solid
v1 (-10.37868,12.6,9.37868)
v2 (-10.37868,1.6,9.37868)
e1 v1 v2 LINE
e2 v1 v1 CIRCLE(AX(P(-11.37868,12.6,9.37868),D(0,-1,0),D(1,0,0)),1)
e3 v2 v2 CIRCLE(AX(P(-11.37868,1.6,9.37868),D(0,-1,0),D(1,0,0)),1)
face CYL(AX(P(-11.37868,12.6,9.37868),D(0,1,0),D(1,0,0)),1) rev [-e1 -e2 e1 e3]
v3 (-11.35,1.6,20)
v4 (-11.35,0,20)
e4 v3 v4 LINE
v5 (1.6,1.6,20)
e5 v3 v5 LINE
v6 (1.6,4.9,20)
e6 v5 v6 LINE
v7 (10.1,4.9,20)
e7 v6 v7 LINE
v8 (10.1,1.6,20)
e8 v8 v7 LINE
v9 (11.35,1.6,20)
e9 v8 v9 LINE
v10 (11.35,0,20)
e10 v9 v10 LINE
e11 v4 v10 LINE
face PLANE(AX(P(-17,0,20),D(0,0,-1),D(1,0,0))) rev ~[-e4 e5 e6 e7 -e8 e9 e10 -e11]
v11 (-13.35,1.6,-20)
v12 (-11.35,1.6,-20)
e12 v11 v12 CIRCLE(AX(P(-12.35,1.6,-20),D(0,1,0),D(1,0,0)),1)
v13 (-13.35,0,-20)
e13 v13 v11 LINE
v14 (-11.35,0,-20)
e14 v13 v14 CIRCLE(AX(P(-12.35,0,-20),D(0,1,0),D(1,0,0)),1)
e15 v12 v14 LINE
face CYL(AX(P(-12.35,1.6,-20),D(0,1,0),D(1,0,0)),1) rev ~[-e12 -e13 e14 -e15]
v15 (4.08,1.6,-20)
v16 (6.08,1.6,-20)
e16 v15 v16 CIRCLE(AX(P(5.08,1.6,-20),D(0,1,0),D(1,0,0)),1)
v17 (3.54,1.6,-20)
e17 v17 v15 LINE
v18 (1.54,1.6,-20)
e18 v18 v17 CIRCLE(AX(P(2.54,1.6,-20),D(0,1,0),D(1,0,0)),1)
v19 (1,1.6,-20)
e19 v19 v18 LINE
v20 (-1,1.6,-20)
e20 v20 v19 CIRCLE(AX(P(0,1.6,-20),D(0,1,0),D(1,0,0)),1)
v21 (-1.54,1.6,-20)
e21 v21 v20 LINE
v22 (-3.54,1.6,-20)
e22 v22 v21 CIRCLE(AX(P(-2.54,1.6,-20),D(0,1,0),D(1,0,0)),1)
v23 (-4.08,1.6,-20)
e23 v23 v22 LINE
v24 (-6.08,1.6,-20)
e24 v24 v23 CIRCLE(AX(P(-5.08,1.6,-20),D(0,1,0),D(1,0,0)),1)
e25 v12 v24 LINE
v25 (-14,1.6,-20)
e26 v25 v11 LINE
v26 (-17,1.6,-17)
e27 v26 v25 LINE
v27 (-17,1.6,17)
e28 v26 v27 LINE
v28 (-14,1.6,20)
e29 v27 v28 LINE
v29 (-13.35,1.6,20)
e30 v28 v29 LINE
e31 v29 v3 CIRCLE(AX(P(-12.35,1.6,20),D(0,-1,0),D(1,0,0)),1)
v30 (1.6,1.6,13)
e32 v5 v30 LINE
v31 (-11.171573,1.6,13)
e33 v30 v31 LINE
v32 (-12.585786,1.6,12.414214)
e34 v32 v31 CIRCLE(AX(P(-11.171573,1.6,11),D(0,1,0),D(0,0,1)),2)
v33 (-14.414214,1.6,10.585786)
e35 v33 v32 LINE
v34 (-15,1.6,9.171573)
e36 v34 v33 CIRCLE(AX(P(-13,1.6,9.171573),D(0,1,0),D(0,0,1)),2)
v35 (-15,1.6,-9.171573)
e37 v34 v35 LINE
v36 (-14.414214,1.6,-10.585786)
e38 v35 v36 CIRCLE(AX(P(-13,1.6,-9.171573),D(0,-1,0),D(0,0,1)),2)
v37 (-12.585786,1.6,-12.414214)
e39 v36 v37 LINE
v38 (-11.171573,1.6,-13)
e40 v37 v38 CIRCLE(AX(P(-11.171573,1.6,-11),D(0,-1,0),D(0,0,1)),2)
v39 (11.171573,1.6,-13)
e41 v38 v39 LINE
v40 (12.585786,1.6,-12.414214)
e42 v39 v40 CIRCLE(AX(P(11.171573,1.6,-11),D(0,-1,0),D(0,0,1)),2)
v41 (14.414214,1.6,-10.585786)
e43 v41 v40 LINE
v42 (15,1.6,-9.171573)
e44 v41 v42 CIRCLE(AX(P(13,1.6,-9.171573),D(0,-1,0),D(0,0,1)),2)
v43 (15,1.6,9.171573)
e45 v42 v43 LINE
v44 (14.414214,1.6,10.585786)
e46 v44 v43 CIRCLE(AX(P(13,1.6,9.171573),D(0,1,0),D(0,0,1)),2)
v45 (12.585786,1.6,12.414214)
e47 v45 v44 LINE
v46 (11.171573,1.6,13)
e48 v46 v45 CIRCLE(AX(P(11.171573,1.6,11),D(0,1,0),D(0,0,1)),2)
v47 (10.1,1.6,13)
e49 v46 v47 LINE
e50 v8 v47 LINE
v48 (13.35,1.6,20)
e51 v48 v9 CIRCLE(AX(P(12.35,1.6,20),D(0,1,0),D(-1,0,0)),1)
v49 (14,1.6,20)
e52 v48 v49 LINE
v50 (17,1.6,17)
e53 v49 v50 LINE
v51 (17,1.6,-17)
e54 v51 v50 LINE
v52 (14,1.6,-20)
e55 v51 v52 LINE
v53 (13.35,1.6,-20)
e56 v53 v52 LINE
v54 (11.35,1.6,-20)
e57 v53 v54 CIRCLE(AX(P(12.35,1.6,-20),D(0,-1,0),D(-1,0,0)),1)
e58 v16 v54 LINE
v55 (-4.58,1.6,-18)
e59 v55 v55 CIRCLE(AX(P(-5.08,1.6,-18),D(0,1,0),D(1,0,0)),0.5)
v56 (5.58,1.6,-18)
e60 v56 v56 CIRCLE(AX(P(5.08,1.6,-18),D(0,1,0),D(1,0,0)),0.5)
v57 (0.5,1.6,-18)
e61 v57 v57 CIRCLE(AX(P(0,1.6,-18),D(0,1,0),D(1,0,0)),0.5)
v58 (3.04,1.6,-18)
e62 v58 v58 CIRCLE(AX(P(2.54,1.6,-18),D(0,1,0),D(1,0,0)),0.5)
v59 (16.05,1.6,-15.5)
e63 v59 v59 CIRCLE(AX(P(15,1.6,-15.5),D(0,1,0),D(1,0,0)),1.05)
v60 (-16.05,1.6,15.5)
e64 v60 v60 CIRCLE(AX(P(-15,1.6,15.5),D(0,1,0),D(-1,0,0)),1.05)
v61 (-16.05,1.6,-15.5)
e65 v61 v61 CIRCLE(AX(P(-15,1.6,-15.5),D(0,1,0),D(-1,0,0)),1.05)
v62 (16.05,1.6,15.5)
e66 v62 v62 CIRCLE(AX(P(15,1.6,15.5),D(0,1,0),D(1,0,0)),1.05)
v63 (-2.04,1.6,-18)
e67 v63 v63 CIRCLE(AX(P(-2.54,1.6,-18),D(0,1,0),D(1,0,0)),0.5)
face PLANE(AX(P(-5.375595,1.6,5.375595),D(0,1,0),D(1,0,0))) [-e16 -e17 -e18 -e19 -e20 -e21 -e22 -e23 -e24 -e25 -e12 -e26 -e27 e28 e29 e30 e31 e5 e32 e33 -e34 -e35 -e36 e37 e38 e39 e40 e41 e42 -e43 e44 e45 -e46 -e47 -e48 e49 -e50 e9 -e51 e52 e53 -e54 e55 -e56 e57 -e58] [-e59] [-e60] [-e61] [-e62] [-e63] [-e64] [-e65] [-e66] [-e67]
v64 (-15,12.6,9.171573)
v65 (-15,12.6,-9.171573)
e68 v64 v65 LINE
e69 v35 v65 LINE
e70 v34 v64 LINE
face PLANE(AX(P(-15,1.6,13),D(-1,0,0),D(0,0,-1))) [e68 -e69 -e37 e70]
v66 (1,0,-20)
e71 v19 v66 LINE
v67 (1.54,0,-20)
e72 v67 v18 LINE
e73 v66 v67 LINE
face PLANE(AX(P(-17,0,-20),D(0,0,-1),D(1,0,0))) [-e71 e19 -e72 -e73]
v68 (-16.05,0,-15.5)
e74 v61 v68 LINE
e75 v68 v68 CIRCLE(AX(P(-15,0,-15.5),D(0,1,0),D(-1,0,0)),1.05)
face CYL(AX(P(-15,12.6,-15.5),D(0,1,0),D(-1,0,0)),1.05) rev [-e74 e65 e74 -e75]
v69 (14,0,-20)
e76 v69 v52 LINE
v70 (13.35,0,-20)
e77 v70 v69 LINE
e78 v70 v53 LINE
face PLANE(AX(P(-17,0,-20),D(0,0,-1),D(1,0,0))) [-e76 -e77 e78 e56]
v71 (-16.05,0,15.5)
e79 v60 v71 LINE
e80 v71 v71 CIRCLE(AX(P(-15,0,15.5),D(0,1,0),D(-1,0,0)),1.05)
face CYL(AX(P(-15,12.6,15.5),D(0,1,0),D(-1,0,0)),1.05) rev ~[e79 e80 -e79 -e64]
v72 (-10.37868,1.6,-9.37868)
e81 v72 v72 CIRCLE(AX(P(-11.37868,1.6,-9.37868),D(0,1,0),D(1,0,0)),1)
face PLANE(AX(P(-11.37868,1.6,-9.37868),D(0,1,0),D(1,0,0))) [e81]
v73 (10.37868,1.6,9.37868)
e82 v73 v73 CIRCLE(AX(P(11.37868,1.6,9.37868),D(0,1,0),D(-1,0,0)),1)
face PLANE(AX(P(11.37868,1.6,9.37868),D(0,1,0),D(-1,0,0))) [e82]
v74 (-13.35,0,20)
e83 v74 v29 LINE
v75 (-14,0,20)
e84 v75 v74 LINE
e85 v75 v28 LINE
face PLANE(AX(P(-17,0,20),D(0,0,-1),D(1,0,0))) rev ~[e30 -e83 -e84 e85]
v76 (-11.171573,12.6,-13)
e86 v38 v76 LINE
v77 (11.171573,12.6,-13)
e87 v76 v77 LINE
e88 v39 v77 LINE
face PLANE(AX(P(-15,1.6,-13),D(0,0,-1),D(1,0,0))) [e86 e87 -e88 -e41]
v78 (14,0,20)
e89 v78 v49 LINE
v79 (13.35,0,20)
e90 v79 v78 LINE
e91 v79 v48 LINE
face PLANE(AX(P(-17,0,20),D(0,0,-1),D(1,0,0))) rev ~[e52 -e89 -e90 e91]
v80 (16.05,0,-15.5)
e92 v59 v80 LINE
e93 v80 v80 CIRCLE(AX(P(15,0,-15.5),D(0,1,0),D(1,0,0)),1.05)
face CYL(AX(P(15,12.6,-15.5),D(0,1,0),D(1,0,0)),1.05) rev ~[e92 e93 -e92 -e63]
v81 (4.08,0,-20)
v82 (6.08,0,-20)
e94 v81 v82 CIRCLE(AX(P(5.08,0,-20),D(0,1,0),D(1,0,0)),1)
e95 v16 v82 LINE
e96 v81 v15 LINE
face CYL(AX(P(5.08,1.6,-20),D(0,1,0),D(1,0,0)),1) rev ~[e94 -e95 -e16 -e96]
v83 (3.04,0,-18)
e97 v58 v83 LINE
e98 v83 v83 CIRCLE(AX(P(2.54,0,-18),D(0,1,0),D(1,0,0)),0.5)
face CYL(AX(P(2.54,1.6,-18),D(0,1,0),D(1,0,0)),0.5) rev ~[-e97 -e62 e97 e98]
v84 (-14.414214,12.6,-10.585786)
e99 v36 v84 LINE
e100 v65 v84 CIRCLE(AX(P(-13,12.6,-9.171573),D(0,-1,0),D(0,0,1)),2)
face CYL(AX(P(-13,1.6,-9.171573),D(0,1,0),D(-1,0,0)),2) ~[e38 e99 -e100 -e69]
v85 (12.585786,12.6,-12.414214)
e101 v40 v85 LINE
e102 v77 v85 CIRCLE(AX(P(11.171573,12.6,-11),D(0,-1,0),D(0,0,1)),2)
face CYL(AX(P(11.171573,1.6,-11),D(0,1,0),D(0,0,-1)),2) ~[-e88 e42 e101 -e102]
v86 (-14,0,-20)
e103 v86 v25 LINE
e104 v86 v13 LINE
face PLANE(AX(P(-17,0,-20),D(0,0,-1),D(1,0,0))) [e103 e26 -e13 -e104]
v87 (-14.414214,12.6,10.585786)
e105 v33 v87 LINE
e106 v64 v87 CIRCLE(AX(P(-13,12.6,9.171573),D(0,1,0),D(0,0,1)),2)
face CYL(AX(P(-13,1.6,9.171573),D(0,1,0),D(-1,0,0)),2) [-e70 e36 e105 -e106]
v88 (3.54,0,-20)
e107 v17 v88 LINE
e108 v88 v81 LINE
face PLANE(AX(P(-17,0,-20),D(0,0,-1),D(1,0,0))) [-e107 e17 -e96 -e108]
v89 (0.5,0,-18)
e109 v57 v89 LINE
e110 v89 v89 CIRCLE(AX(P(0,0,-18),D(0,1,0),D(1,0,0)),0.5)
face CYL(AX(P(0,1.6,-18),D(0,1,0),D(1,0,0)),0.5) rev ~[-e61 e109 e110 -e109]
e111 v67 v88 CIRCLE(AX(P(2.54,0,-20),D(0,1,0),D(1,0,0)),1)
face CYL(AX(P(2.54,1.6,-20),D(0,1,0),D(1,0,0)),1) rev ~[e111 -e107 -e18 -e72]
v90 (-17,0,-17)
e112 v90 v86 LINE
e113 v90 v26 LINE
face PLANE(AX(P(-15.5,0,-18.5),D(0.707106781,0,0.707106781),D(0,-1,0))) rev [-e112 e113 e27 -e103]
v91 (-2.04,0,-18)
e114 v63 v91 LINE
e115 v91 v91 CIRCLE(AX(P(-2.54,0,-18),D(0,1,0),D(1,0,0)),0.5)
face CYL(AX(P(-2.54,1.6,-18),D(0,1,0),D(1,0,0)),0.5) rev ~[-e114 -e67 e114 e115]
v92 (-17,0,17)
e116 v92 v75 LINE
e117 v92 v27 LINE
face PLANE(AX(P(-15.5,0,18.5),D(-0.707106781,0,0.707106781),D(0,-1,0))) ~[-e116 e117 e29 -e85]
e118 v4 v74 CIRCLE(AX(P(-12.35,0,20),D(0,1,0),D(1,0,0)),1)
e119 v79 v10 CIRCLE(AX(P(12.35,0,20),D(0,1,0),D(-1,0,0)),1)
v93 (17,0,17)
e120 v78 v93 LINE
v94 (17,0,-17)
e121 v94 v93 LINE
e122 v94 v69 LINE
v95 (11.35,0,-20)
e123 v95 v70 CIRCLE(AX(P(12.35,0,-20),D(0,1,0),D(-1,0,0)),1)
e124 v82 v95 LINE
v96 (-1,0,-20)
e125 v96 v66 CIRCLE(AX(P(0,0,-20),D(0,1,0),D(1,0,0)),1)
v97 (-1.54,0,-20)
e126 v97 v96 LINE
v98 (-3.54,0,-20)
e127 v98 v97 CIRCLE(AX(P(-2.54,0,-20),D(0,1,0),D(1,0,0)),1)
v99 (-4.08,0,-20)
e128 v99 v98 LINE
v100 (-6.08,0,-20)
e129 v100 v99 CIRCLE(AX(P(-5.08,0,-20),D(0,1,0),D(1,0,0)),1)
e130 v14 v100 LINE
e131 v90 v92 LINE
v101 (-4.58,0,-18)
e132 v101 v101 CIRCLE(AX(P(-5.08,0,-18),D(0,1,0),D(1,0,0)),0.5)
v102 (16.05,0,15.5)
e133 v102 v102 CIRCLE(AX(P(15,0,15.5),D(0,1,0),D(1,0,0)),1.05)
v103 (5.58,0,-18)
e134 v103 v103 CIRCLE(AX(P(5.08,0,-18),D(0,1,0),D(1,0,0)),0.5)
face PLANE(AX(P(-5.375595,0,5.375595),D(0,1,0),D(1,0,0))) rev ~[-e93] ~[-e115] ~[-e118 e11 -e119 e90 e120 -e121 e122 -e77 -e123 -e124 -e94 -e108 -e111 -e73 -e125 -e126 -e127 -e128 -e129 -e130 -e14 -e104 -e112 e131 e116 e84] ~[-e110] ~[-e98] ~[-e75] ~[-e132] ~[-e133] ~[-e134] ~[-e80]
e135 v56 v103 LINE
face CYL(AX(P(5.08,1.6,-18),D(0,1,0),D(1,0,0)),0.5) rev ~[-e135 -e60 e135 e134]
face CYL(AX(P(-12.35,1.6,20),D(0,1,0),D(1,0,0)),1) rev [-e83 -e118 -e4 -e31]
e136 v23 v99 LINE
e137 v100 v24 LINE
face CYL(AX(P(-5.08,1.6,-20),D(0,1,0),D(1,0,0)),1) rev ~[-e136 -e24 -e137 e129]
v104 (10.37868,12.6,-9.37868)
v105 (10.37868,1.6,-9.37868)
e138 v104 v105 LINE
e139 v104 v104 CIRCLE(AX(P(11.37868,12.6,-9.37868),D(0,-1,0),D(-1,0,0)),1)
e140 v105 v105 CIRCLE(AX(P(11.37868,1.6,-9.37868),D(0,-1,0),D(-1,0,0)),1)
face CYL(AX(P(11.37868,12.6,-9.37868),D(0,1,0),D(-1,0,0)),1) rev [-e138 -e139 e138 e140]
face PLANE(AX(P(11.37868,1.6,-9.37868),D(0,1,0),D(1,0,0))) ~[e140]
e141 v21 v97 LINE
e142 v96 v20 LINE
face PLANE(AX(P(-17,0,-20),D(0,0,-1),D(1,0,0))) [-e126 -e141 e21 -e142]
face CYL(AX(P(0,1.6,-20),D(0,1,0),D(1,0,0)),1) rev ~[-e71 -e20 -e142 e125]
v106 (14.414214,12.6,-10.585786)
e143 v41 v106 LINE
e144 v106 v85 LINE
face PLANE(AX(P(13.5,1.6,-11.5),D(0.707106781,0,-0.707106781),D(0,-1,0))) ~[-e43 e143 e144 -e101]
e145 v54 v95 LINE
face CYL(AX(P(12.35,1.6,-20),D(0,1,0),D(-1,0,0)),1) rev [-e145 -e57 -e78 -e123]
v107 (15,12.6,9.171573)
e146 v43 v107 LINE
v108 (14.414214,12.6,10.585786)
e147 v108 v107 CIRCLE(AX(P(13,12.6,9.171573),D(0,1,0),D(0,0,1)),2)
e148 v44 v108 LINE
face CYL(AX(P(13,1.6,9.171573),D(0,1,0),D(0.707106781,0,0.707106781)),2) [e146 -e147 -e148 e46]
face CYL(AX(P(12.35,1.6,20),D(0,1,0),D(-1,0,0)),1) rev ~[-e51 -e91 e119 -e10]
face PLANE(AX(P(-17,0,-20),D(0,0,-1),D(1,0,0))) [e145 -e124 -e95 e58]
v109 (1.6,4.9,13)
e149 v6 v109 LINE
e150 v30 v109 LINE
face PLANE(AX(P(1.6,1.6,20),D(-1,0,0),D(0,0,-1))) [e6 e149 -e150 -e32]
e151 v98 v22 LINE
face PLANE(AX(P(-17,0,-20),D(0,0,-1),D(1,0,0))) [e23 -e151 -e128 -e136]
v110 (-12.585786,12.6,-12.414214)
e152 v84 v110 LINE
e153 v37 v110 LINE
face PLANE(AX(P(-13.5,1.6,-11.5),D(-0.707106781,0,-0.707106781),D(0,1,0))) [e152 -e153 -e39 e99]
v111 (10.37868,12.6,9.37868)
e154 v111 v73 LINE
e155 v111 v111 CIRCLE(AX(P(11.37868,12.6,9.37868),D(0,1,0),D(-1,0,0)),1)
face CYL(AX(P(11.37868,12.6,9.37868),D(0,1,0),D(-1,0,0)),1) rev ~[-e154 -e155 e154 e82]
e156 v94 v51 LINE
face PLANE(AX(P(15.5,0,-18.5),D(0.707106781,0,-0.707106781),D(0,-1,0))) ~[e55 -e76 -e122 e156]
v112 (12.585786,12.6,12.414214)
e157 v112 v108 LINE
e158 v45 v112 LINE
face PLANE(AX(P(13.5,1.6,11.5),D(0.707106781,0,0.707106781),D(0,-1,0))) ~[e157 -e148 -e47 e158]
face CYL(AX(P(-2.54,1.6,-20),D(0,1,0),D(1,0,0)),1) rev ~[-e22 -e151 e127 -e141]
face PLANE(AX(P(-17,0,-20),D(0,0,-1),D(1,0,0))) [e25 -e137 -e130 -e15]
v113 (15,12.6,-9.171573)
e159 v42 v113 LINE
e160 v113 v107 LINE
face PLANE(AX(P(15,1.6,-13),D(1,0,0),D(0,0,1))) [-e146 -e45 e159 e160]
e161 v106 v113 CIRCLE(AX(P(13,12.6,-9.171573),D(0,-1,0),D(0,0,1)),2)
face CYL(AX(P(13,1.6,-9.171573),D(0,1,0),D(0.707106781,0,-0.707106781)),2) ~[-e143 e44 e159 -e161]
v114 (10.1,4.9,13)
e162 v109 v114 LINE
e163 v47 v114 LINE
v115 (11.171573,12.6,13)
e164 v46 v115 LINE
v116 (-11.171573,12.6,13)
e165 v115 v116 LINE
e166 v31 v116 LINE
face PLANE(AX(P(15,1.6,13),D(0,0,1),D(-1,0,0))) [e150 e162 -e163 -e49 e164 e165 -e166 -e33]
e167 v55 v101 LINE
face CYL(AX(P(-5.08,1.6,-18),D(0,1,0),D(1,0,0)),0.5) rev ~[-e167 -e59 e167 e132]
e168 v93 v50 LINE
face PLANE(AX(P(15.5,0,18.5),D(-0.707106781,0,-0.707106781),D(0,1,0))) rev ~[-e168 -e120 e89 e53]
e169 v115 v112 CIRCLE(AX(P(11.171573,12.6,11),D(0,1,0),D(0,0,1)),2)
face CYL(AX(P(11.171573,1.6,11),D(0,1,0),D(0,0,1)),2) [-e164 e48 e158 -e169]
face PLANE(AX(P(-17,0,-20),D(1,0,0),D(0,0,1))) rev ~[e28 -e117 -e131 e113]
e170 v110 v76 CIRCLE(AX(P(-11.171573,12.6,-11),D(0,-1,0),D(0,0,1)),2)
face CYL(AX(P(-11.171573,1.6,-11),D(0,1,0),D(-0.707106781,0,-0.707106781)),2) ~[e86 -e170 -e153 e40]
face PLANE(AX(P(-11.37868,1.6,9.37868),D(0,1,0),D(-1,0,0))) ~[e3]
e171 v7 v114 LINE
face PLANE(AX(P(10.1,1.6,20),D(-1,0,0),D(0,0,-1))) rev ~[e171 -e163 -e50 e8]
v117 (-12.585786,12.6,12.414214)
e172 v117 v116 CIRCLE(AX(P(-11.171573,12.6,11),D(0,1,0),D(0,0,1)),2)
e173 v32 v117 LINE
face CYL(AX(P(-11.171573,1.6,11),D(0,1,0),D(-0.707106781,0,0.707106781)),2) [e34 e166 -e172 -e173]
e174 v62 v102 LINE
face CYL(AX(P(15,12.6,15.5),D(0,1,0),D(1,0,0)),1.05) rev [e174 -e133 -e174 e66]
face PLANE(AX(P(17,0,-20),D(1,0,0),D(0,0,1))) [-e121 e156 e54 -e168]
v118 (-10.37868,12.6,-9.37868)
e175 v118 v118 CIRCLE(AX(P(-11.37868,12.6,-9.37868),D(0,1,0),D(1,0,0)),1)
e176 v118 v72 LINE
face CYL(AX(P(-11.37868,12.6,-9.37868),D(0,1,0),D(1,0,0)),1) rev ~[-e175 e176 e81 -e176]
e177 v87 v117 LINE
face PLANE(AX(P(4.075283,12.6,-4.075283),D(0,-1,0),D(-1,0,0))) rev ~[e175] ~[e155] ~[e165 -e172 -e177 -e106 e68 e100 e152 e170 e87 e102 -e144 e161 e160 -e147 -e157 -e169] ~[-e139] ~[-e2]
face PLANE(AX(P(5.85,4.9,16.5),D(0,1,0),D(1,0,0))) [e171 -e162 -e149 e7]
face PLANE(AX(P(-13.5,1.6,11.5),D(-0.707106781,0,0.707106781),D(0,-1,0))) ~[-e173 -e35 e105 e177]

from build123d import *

# Parameters (mm, degrees)
BOSS_EXTRUDE1_DEPTH                        = 1.6
CHAMFER1_SIZE                              = 3
BOSS_EXTRUDE2_DEPTH                        = 11
CHAMFER2_SIZE                              = 3
FILLET1_R                                  = 2
SKETCH3_R                                  = 1
CUT_EXTRUDE1_DEPTH                         = 11
SKETCH4_R                                  = 1.05
CUT_EXTRUDE2_DEPTH                         = 13.6
SKETCH5_R                                  = 1
CUT_EXTRUDE3_DEPTH                         = 2.6
MIRROR1_AT_THE_SECOND_PLANE_COPY_1_SKETC_R = 1
MIRROR1_AT_THE_SECOND_PLANE_COPY_1_DEPTH   = 11
MIRROR1_AT_THE_SECOND_PLANE_COPY_2_SKETC_R = 1.05
MIRROR1_AT_THE_SECOND_PLANE_COPY_2_DEPTH   = 13.6
MIRROR1_AT_THE_SECOND_PLANE_COPY_3_SKETC_R = 1
MIRROR1_AT_THE_SECOND_PLANE_COPY_3_DEPTH   = 2.6
SKETCH6_W                                  = 8.5
SKETCH6_H                                  = 7
BOSS_EXTRUDE3_DEPTH                        = 3.3
SKETCH7_R                                  = 0.5
SKETCH7_R_2                                = 1
CUT_EXTRUDE4_DEPTH                         = 2.6
LPATTERN1_COUNT                            = 3
LPATTERN1_PITCH                            = 2.54
LPATTERN1_COL_COUNT                        = 3
LPATTERN1_COL_PITCH                        = 2.54


with BuildPart() as part:
    # Sketch1 → Boss-Extrude1 (new body)
    with BuildSketch(Plane(origin=(0, 0, 0), x_dir=(1, 0, 0), z_dir=(0, 1, 0))):
        Polygon((-17, 20), (-17, -20), (17, -20), align=None)
        Polygon((17, 20), (17, -20), (-17, 20), align=None)
    extrude(amount=BOSS_EXTRUDE1_DEPTH)

    # Chamfer1
    chamfer1_edges = [part.edges().sort_by_distance(p)[0] for p in [
        (-17, 0.8, -20),
        (17, 0.8, -20),
        (17, 0.8, 20),
        (-17, 0.8, 20),
    ]]
    chamfer(chamfer1_edges, length=CHAMFER1_SIZE)

    # Sketch2 → Boss-Extrude2 (add)
    with BuildSketch(Plane(origin=(0, 1.6, 0), x_dir=(1, 0, 0), z_dir=(0, 1, 0))):
        Polygon((-15, 13), (15, 13), (15, -13), align=None)
        Polygon((-15, 13), (15, -13), (-15, -13), align=None)
    extrude(amount=BOSS_EXTRUDE2_DEPTH)

    # Chamfer2
    chamfer2_edges = [part.edges().sort_by_distance(p)[0] for p in [
        (15, 7.1, -13),
        (-15, 7.1, -13),
        (-15, 7.1, 13),
        (15, 7.1, 13),
    ]]
    chamfer(chamfer2_edges, length=CHAMFER2_SIZE)

    # Fillet1
    fillet1_edges = [part.edges().sort_by_distance(p)[0] for p in [
        (-15, 7.1, 10),
        (-15, 7.1, -10),
        (12, 7.1, -13),
        (-12, 7.1, -13),
        (15, 7.1, 10),
        (15, 7.1, -10),
        (-12, 7.1, 13),
        (12, 7.1, 13),
    ]]
    fillet(fillet1_edges, radius=FILLET1_R)

    # Sketch3 → Cut-Extrude1 (cut)
    with BuildSketch(Plane(origin=(0, 12.6, 0), x_dir=(1, 0, 0), z_dir=(0, 1, 0))):
        with Locations((-11.378679656, 9.378679656)):
            Circle(SKETCH3_R)
    cut_extrude1 = extrude(amount=-CUT_EXTRUDE1_DEPTH, mode=Mode.SUBTRACT)

    # Sketch4 → Cut-Extrude2 (cut, through all)
    with BuildSketch(Plane(origin=(0, 12.6, 0), x_dir=(1, 0, 0), z_dir=(0, 1, 0))):
        with Locations((15, 15.5)):
            Circle(SKETCH4_R)
    cut_extrude2 = extrude(amount=-CUT_EXTRUDE2_DEPTH, mode=Mode.SUBTRACT)

    # Sketch5 → Cut-Extrude3 (cut, through all)
    with BuildSketch(Plane(origin=(0, 1.6, 0), x_dir=(1, 0, 0), z_dir=(0, 1, 0))):
        with Locations((-12.35, 20)):
            Circle(SKETCH5_R)
    cut_extrude3 = extrude(amount=-CUT_EXTRUDE3_DEPTH, mode=Mode.SUBTRACT)

    # Mirror1: Cut-Extrude1, Cut-Extrude2, Cut-Extrude3 across plane
    add(cut_extrude1.mirror(Plane.XY), mode=Mode.SUBTRACT)
    add(cut_extrude2.mirror(Plane.XY), mode=Mode.SUBTRACT)
    add(cut_extrude3.mirror(Plane.XY), mode=Mode.SUBTRACT)

    # Mirror1 at the second plane: Cut-Extrude3, Cut-Extrude1, Cut-Extrude2 across plane
    add(cut_extrude3.mirror(Plane(origin=(0, 0, 0), x_dir=(0, 0, 1), z_dir=(1, 0, 0))), mode=Mode.SUBTRACT)
    add(cut_extrude1.mirror(Plane(origin=(0, 0, 0), x_dir=(0, 0, 1), z_dir=(1, 0, 0))), mode=Mode.SUBTRACT)
    add(cut_extrude2.mirror(Plane(origin=(0, 0, 0), x_dir=(0, 0, 1), z_dir=(1, 0, 0))), mode=Mode.SUBTRACT)

    # Mirror1 at the second plane copy 1 sketc → Mirror1 at the second plane copy 1 (cut)
    with BuildSketch(Plane(origin=(0, 12.6, 0), x_dir=(-1, 0, 0), z_dir=(0, 1, 0))):
        with Locations((-11.378679656, 9.378679656)):
            Circle(MIRROR1_AT_THE_SECOND_PLANE_COPY_1_SKETC_R)
    extrude(amount=-MIRROR1_AT_THE_SECOND_PLANE_COPY_1_DEPTH, mode=Mode.SUBTRACT)

    # Mirror1 at the second plane copy 2 sketc → Mirror1 at the second plane copy 2 (cut, through all)
    with BuildSketch(Plane(origin=(0, 12.6, 0), x_dir=(-1, 0, 0), z_dir=(0, 1, 0))):
        with Locations((15, 15.5)):
            Circle(MIRROR1_AT_THE_SECOND_PLANE_COPY_2_SKETC_R)
    extrude(amount=-MIRROR1_AT_THE_SECOND_PLANE_COPY_2_DEPTH, mode=Mode.SUBTRACT)

    # Mirror1 at the second plane copy 3 sketc → Mirror1 at the second plane copy 3 (cut, through all)
    with BuildSketch(Plane(origin=(0, 1.6, 0), x_dir=(-1, 0, 0), z_dir=(0, 1, 0))):
        with Locations((-12.35, 20)):
            Circle(MIRROR1_AT_THE_SECOND_PLANE_COPY_3_SKETC_R)
    extrude(amount=-MIRROR1_AT_THE_SECOND_PLANE_COPY_3_DEPTH, mode=Mode.SUBTRACT)

    # Sketch6 → Boss-Extrude3 (add)
    with BuildSketch(Plane(origin=(0, 1.6, 0), x_dir=(1, 0, 0), z_dir=(0, 1, 0))):
        with Locations((5.85, -16.5)):
            Rectangle(SKETCH6_W, SKETCH6_H)
    extrude(amount=BOSS_EXTRUDE3_DEPTH)

    # Sketch7 → Cut-Extrude4 (cut, through all)
    with BuildSketch(Plane(origin=(0, 1.6, 0), x_dir=(1, 0, 0), z_dir=(0, 1, 0))):
        with Locations((0, 18)):
            Circle(SKETCH7_R)
        with Locations((0, 20)):
            Circle(SKETCH7_R_2)
    cut_extrude4 = extrude(amount=-CUT_EXTRUDE4_DEPTH, mode=Mode.SUBTRACT)

    # LPattern1: Cut-Extrude4 ×3
    with Locations(*[(i * LPATTERN1_PITCH, 0, 0) for i in range(1, LPATTERN1_COUNT)]):
        add(cut_extrude4, mode=Mode.SUBTRACT)

    # LPattern1 col: Cut-Extrude4 ×3
    with Locations(*[(-i * LPATTERN1_COL_PITCH, 0, 0) for i in range(1, LPATTERN1_COL_COUNT)]):
        add(cut_extrude4, mode=Mode.SUBTRACT)


solid = part.part
